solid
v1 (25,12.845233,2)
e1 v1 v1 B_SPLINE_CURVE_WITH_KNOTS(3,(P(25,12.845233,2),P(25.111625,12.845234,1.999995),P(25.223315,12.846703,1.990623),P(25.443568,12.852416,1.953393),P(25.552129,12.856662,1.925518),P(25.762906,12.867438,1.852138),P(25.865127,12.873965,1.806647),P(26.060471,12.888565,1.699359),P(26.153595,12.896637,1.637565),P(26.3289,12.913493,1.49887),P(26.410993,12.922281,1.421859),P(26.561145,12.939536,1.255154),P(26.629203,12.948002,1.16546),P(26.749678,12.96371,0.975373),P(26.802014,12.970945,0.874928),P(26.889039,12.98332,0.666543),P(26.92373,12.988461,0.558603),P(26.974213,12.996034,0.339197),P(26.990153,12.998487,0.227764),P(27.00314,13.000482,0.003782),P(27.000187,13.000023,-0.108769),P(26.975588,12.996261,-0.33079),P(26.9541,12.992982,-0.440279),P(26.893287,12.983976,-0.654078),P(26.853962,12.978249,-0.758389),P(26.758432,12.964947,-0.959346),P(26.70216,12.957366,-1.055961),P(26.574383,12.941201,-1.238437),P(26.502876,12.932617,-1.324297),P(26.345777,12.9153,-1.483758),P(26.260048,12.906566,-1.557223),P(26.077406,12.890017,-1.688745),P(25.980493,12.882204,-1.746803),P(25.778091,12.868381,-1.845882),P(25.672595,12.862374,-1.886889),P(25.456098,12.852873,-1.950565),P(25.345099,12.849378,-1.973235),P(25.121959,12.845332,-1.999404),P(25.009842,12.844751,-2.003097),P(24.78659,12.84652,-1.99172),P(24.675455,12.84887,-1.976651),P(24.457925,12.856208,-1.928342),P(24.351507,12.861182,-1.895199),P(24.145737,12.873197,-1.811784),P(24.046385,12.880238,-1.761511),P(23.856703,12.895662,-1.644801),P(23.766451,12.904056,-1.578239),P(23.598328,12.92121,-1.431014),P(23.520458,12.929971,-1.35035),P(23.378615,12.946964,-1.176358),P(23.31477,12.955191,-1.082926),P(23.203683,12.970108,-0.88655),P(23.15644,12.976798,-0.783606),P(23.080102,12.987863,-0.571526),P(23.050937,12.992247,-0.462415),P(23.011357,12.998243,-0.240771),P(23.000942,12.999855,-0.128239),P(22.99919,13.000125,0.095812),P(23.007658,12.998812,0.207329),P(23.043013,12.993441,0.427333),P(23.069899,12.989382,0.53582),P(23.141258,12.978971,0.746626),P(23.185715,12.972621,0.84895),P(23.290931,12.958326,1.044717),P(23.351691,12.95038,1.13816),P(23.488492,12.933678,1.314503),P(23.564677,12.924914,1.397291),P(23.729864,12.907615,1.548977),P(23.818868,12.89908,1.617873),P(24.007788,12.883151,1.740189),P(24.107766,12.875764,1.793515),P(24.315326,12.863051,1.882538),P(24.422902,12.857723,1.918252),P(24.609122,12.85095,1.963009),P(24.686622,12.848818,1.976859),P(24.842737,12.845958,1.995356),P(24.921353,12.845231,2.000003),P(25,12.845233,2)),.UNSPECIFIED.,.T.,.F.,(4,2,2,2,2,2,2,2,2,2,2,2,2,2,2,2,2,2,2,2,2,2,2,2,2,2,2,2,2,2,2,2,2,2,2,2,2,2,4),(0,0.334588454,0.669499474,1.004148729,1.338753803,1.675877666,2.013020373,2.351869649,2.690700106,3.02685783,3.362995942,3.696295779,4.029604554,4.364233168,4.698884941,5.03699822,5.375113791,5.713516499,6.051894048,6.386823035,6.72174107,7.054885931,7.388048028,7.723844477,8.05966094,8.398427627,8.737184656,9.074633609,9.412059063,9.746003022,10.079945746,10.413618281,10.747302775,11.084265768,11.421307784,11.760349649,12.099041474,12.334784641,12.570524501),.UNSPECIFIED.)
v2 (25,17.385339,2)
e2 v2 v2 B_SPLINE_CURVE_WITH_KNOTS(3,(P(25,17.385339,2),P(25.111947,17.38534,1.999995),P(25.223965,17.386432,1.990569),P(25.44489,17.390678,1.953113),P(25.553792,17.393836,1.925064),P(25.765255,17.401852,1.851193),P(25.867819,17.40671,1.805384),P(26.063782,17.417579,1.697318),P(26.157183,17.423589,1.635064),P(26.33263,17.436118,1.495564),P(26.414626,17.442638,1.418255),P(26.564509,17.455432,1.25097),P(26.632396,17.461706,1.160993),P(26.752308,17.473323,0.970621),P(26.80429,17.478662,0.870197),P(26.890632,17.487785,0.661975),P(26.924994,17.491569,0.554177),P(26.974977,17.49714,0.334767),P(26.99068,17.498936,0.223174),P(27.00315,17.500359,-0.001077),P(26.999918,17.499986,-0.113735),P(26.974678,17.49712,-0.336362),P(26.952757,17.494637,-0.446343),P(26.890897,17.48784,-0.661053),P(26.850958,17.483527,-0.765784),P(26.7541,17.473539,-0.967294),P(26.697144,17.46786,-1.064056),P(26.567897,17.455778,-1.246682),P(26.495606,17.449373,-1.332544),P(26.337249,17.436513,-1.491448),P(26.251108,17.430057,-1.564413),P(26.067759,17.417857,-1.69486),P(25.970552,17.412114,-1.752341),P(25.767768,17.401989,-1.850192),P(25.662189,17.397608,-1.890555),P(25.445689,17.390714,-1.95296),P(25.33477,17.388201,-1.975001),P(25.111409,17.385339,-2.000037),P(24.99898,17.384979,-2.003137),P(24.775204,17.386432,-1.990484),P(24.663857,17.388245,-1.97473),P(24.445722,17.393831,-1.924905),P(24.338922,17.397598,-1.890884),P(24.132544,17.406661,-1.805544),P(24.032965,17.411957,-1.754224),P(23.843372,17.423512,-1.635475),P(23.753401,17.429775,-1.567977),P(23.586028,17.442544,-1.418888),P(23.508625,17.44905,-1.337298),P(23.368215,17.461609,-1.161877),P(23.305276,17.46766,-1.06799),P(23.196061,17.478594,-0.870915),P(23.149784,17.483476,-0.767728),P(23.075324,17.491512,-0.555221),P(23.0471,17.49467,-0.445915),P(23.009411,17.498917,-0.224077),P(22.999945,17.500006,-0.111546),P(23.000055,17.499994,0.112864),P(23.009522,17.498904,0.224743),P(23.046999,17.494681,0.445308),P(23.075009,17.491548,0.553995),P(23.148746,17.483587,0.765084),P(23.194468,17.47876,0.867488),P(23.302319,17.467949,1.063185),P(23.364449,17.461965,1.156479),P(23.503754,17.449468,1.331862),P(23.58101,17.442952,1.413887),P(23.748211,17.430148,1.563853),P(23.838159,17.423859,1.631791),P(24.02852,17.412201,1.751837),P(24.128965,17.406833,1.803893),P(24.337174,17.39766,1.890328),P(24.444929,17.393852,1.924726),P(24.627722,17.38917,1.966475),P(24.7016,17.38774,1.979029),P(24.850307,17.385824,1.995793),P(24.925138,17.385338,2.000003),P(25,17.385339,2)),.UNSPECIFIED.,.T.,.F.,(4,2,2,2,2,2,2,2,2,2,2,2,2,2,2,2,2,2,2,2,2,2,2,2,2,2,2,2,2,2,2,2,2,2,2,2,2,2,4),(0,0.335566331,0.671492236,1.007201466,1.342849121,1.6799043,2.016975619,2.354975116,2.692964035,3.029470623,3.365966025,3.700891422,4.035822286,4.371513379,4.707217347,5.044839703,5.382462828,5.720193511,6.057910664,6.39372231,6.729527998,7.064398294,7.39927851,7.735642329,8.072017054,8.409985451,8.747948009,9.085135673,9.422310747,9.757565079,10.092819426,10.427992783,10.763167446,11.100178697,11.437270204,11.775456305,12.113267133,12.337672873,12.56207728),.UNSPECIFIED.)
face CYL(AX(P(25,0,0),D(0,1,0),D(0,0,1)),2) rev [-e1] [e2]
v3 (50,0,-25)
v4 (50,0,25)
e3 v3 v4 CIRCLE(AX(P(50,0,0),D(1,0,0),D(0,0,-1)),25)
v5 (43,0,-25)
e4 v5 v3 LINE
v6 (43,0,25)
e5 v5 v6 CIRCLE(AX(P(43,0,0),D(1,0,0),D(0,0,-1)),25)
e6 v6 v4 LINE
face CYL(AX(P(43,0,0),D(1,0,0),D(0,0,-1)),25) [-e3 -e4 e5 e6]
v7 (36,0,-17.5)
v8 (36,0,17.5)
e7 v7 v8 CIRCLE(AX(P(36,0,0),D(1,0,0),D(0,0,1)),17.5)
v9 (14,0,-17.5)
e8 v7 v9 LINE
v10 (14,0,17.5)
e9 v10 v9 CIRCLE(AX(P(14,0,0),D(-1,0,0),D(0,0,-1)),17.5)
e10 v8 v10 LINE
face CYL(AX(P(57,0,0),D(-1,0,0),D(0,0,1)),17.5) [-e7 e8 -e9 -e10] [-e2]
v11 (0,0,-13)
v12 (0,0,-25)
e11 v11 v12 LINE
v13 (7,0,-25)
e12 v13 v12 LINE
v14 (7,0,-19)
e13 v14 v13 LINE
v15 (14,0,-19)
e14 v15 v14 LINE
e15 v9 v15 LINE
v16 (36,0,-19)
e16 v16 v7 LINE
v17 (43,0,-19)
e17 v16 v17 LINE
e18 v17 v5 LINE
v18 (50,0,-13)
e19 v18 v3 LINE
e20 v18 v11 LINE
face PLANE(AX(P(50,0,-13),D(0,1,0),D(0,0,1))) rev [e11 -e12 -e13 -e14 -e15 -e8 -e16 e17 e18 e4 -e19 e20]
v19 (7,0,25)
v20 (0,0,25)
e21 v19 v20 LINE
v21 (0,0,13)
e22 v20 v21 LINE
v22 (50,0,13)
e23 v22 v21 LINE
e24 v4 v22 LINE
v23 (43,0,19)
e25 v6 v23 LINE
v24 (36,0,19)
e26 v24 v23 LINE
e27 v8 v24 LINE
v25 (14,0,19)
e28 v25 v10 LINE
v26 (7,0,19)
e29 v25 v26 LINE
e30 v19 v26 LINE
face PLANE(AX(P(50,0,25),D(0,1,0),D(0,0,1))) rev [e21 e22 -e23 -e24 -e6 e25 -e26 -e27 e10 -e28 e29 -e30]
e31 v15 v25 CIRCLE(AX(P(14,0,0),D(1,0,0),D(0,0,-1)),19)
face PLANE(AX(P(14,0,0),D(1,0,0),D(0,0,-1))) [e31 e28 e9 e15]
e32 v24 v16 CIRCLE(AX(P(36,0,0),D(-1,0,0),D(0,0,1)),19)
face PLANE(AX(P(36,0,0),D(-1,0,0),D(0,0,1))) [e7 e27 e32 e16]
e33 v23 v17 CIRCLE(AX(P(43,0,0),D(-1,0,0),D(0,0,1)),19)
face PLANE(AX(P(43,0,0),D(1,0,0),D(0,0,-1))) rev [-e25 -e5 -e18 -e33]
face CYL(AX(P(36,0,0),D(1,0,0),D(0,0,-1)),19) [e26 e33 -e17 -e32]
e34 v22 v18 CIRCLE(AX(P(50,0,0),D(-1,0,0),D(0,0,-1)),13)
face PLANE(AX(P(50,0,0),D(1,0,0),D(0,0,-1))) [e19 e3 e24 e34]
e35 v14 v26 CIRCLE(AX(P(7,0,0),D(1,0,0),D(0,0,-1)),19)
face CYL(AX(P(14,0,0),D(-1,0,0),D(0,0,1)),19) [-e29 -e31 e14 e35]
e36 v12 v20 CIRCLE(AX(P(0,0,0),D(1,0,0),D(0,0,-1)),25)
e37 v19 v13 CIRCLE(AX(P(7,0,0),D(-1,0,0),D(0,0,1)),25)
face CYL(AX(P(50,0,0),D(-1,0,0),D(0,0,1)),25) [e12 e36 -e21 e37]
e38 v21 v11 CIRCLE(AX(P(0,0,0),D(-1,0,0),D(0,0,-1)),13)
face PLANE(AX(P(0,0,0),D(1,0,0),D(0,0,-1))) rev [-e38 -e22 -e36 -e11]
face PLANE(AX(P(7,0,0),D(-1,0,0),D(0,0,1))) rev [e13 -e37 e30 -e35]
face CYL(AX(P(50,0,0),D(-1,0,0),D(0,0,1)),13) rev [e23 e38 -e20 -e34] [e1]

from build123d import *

# Parameters (mm, degrees)
BOSS_EXTRUDE4_DEPTH     = 50
CUT_EXTRUDE_THIN1_DEPTH = 50
BOSS_EXTRUDE6_DEPTH     = 7
BOSS_EXTRUDE8_START     = -7
BOSS_EXTRUDE8_DEPTH     = 7
BOSS_EXTRUDE9_START     = 7
BOSS_EXTRUDE9_DEPTH     = 7
SKETCH10_R              = 2
CUT_EXTRUDE1_DEPTH      = 59.576872569


with BuildPart() as part:
    # Sketch1 → Boss-Extrude4 (new body)
    with BuildSketch(Plane(origin=(0, 0, 0), x_dir=(0, 0, -1), z_dir=(1, 0, 0))):
        with BuildLine():
            Line((-25, 0), (-13, 0))
            ThreePointArc((-13, 0), (0, 13), (13, 0))
            Line((13, 0), (25, 0))
            ThreePointArc((25, 0), (0, 25), (-25, 0))
        make_face()
    extrude(amount=BOSS_EXTRUDE4_DEPTH)

    # Sketch4 → Cut-Extrude-Thin1 (cut)
    with BuildSketch(Plane.ZY.offset(-7)):
        with BuildLine():
            ThreePointArc((17.5, 0), (0, 17.5), (-17.5, 0))
            Line((-17.5, 0), (-27.5, 0))
            ThreePointArc((-27.5, 0), (0, 27.5), (27.5, 0))
            Line((27.5, 0), (17.5, 0))
        make_face()
    extrude(amount=-CUT_EXTRUDE_THIN1_DEPTH, mode=Mode.SUBTRACT)

    # Sketch5 → Boss-Extrude6 (add)
    with BuildSketch(Plane(origin=(7, 0, 0), x_dir=(0, 0, -1), z_dir=(1, 0, 0))):
        with BuildLine():
            Line((-19, 0), (-17.5, 0))
            ThreePointArc((-17.5, 0), (0, 17.5), (17.5, 0))
            Line((17.5, 0), (19, 0))
            ThreePointArc((19, 0), (0, 19), (-19, 0))
        make_face()
    extrude(amount=BOSS_EXTRUDE6_DEPTH)

    # Sketch8 → Boss-Extrude8 (add)
    with BuildSketch(Plane(origin=(50, 0, 0), x_dir=(0, 0, -1), z_dir=(1, 0, 0)).offset(BOSS_EXTRUDE8_START)):
        with BuildLine():
            Line((-25, 0), (-17.5, 0))
            ThreePointArc((-17.5, 0), (0, 17.5), (17.5, 0))
            Line((17.5, 0), (25, 0))
            ThreePointArc((25, 0), (0, 25), (-25, 0))
        make_face()
    extrude(amount=BOSS_EXTRUDE8_DEPTH)

    # Sketch9 → Boss-Extrude9 (add)
    with BuildSketch(Plane.ZY.offset(-43).offset(BOSS_EXTRUDE9_START)):
        with BuildLine():
            Line((-19, 0), (-17.5, 0))
            ThreePointArc((-17.5, 0), (0, 17.5), (17.5, 0))
            Line((17.5, 0), (19, 0))
            ThreePointArc((19, 0), (0, 19), (-19, 0))
        make_face()
    extrude(amount=-BOSS_EXTRUDE9_DEPTH)

    # Sketch10 → Cut-Extrude1 (cut, through all)
    with BuildSketch(Plane(origin=(0, 17.5, 0), x_dir=(1, 0, 0), z_dir=(0, 1, 0))):
        with Locations(Location((25, 0, 0), (0, 0, 270))):
            Circle(SKETCH10_R)
    extrude(amount=-CUT_EXTRUDE1_DEPTH, mode=Mode.SUBTRACT)


solid = part.part
